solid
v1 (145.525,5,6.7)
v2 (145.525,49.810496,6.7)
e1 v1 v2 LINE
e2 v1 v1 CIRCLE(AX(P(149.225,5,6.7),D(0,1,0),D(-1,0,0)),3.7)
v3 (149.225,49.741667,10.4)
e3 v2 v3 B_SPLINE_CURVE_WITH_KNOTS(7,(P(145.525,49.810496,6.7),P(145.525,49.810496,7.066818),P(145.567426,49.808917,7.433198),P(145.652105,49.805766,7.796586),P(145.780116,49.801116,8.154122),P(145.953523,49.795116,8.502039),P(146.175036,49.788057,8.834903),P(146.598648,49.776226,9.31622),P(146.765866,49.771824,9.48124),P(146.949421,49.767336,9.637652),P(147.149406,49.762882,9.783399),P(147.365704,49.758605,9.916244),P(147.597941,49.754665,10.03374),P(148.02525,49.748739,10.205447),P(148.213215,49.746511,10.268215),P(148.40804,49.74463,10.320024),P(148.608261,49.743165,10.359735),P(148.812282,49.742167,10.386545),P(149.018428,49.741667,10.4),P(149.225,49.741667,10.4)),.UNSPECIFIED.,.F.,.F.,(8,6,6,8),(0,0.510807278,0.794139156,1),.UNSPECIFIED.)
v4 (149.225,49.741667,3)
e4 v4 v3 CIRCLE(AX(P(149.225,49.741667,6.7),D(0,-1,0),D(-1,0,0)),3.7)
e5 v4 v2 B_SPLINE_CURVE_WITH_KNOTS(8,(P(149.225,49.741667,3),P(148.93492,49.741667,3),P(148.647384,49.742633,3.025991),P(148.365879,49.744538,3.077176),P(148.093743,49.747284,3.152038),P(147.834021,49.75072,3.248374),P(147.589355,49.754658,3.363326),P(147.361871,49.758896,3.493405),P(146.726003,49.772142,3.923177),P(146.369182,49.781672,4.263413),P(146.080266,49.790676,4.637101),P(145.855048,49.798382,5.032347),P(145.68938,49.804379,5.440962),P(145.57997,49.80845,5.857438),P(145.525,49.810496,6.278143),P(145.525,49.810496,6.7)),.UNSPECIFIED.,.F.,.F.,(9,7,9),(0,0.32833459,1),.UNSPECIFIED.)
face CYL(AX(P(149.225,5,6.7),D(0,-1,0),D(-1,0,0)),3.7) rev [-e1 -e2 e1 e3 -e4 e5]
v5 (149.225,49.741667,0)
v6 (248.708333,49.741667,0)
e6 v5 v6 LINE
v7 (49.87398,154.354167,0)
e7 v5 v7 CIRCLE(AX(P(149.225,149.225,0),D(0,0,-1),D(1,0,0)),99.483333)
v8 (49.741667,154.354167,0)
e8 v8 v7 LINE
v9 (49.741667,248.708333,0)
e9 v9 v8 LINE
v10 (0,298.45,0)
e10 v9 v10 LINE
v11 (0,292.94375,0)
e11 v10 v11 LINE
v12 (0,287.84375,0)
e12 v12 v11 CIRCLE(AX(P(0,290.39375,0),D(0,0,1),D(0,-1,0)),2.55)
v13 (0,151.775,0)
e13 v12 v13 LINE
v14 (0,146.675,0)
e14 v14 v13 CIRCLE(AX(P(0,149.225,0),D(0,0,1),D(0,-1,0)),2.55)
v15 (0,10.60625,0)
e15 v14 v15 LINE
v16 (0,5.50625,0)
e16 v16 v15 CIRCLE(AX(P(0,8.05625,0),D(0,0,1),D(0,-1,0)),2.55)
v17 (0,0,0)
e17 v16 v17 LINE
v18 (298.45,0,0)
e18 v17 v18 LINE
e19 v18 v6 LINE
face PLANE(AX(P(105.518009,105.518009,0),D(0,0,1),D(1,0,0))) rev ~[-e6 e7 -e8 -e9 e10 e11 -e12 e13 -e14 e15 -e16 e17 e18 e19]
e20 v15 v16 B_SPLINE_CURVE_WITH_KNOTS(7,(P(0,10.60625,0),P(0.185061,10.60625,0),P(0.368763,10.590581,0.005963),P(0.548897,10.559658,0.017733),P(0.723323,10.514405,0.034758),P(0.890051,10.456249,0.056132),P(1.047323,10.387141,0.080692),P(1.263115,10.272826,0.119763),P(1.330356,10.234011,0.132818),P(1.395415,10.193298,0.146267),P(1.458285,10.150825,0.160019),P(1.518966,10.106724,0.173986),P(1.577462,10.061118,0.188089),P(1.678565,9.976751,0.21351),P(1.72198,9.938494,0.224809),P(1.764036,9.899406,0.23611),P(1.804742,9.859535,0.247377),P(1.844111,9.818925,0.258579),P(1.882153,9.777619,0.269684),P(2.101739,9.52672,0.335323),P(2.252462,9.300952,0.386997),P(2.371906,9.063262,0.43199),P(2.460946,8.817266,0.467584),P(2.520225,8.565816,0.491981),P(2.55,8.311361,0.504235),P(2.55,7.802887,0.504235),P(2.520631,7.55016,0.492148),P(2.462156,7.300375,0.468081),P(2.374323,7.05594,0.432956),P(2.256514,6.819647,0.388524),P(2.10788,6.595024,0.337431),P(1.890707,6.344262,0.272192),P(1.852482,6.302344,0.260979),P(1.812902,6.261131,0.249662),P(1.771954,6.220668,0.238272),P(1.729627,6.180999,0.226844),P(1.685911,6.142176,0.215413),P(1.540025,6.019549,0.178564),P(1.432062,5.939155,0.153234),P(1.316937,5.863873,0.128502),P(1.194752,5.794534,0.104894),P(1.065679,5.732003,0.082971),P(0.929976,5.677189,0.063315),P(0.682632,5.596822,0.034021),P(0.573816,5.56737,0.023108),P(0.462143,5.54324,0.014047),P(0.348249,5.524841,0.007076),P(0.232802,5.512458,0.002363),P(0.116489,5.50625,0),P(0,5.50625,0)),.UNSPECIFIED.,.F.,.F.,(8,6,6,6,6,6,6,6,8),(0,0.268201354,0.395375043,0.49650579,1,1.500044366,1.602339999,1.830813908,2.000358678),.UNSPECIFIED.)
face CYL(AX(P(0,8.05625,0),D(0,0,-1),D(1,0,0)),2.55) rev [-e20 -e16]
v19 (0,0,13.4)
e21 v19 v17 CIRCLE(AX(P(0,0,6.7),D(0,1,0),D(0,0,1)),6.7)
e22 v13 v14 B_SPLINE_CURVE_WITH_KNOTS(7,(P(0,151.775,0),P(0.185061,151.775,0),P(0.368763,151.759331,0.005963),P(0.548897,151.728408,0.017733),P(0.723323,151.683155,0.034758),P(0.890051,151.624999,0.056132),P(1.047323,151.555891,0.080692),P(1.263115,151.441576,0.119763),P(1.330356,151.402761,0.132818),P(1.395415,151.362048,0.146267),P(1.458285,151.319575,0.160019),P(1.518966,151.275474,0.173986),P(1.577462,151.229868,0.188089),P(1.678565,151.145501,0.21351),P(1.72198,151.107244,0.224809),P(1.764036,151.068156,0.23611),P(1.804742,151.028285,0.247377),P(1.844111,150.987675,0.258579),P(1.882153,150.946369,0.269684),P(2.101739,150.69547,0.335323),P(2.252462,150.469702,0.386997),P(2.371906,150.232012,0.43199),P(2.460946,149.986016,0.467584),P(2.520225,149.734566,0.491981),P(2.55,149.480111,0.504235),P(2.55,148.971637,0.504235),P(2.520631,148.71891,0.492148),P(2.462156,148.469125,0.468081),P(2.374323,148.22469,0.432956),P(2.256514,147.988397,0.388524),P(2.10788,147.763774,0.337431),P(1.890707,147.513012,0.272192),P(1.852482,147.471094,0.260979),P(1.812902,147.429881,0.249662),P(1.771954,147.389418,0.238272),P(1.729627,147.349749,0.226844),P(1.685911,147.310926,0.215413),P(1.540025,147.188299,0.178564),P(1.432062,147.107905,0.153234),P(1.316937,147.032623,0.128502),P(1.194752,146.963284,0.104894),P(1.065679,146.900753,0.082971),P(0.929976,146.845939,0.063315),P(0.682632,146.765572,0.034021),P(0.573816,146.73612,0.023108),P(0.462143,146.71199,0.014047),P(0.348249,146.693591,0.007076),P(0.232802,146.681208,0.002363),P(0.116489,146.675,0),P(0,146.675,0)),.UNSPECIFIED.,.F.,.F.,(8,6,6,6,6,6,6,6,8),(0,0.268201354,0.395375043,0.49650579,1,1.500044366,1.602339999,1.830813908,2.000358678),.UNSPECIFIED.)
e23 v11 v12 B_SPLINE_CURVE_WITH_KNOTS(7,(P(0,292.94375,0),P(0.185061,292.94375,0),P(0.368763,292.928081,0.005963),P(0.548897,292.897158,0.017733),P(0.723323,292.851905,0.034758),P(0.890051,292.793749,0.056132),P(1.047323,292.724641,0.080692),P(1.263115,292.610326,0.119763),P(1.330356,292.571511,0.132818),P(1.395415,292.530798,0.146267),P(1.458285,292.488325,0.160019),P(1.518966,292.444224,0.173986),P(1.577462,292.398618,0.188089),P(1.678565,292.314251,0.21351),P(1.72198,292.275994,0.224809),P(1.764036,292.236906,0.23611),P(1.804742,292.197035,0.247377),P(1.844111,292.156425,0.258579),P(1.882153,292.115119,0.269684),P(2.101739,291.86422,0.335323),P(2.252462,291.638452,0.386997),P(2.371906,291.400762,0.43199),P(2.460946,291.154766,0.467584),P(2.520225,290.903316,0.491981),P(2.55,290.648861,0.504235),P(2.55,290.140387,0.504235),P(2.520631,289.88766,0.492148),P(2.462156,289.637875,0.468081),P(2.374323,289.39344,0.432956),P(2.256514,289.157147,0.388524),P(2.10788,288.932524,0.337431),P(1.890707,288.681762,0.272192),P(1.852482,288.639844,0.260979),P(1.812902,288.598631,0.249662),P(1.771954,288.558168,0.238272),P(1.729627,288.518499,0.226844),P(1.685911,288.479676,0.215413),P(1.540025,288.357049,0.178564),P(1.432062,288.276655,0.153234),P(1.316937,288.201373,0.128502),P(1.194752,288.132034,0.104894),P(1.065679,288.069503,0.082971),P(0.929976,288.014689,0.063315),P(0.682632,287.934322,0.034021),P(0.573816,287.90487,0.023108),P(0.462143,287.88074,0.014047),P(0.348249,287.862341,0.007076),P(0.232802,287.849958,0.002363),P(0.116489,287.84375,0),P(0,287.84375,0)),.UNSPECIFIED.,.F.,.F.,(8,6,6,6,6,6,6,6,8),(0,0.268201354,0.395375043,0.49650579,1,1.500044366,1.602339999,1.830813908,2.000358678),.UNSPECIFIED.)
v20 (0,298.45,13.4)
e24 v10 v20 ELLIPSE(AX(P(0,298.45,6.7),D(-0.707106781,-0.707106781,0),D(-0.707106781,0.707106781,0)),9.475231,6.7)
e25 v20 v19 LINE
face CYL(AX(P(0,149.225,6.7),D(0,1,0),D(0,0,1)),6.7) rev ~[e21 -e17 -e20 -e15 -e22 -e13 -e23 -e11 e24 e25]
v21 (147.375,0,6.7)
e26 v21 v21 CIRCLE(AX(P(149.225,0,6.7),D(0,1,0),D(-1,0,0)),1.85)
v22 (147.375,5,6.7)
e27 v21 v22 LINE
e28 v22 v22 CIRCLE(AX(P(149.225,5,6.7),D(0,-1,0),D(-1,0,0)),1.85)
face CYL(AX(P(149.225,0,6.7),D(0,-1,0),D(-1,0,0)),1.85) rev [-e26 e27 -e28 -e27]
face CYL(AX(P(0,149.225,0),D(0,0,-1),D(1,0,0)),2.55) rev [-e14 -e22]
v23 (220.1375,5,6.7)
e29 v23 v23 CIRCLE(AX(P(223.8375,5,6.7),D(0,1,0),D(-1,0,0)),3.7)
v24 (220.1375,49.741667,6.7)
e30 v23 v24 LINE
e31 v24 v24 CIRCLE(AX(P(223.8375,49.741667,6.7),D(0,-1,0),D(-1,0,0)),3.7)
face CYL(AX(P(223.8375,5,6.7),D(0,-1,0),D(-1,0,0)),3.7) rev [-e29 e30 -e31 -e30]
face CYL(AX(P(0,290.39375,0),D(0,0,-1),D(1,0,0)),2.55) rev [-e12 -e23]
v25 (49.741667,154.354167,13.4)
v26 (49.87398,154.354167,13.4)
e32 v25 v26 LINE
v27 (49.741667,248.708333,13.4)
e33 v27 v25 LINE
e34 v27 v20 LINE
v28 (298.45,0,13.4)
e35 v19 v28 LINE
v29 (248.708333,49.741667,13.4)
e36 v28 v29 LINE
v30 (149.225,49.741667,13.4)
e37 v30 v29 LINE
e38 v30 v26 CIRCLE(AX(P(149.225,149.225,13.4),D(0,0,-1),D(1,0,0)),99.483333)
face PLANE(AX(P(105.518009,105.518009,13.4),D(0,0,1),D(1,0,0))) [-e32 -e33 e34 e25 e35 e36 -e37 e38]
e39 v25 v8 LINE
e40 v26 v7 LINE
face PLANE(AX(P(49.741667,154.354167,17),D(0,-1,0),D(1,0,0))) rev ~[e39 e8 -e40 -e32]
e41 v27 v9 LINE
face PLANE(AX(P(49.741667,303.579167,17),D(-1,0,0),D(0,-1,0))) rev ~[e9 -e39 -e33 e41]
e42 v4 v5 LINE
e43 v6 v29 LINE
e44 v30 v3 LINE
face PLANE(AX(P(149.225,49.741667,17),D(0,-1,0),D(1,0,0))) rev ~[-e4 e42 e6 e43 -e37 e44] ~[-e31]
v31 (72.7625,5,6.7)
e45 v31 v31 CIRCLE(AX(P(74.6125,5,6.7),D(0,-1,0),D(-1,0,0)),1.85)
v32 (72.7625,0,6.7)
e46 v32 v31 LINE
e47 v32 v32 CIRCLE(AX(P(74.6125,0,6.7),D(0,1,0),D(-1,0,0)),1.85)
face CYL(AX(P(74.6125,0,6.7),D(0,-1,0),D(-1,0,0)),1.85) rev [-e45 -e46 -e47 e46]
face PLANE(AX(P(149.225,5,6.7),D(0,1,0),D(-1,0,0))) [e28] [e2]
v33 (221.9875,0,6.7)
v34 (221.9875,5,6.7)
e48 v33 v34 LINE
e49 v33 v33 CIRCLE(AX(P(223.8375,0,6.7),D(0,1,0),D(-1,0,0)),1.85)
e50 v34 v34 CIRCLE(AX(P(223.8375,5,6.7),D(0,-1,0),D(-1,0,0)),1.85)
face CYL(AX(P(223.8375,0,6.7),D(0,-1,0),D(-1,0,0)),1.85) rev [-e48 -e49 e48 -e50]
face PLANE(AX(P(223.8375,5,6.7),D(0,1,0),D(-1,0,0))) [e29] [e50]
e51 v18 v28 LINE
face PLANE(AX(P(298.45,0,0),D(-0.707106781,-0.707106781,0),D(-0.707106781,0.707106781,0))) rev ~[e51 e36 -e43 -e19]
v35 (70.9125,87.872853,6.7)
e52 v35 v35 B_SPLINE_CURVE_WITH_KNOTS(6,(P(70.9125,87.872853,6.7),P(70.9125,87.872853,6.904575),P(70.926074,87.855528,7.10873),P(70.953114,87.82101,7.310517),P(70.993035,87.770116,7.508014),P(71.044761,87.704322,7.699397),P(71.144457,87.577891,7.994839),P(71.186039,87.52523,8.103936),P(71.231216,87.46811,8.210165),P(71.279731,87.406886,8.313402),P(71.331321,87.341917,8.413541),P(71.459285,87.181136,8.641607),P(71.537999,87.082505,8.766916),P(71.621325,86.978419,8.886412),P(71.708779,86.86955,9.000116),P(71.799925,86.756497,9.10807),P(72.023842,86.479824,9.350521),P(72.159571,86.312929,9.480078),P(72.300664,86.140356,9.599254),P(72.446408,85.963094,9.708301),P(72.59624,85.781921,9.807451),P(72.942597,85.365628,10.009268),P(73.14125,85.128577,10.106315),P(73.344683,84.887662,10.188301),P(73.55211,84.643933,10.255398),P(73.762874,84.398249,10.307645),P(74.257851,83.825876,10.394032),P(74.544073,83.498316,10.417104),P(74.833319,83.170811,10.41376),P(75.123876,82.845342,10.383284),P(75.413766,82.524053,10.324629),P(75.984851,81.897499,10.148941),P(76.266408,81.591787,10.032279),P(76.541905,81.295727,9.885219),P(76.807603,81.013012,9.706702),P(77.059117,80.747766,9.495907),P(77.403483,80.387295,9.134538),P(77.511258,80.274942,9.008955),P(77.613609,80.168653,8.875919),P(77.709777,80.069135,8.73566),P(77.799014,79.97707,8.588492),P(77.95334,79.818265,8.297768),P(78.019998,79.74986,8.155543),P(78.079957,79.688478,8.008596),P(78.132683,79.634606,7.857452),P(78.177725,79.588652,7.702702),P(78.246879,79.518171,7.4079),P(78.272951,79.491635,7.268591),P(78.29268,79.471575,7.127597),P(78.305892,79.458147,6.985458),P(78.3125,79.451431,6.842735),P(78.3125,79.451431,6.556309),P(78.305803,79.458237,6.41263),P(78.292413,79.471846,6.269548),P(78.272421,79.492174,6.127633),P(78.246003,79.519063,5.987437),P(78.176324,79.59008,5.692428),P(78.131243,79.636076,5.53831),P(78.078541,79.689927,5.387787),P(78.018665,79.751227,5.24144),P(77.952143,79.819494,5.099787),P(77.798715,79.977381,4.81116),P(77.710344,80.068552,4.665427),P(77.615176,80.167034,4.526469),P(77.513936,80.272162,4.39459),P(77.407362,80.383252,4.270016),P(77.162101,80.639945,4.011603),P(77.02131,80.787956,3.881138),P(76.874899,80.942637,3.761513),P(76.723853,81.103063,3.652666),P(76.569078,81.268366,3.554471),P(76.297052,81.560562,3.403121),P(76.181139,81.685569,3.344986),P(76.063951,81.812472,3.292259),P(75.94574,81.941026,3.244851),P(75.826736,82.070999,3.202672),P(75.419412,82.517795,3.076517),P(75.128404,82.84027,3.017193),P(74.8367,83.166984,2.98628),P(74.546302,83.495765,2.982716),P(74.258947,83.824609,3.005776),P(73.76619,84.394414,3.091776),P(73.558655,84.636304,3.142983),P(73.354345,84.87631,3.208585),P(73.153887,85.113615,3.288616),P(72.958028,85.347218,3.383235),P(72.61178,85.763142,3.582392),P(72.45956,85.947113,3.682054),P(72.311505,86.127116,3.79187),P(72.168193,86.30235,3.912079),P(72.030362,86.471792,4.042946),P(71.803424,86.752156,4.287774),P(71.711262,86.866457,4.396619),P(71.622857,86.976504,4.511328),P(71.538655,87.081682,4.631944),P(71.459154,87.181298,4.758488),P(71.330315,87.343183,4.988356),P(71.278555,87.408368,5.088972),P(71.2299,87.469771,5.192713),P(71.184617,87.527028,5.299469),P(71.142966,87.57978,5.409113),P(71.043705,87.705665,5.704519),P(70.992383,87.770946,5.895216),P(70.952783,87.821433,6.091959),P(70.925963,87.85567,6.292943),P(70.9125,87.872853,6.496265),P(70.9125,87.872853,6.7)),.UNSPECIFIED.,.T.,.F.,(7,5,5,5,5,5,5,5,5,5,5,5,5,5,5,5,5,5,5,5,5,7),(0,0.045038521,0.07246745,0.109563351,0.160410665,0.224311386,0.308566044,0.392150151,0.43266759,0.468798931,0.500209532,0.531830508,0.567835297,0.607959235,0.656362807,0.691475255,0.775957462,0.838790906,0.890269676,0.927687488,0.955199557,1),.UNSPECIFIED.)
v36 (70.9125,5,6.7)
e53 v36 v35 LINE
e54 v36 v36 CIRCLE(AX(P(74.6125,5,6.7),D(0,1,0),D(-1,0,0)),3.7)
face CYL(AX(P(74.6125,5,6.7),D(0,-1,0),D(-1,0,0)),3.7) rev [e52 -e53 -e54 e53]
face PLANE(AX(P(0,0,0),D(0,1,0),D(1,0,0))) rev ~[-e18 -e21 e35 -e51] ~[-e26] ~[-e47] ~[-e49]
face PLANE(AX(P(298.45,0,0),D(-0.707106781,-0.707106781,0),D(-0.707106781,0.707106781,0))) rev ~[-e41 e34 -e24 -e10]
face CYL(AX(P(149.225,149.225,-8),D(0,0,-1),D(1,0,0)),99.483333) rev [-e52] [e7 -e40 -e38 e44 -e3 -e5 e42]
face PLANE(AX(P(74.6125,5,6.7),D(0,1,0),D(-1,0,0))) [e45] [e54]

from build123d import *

# Parameters (mm, degrees)
PAD_DEPTH              = 13.4
CYLINDER_W             = 6.7
CYLINDER_H             = 298.45
CYLINDER_ANGLE         = 180
CYLINDER001_R          = 99.483333
CYLINDER001_DEPTH      = 32
BOX_W                  = 149.225
BOX_H                  = 30
BOX_DEPTH              = 21
BOX001_W               = 33
BOX001_H               = 149.225
BOX001_DEPTH           = 22
CYLINDER002_R          = 3.7
CYLINDER002_DEPTH      = 105
LINEARPATTERN_COUNT    = 3
LINEARPATTERN_PITCH    = 74.6125
CYLINDER003_R          = 1.85
CYLINDER003_DEPTH      = 100
LINEARPATTERN001_COUNT = 3
LINEARPATTERN001_PITCH = 74.6125
CYLINDER004_R          = 2.55
CYLINDER004_DEPTH      = 10
LINEARPATTERN002_COUNT = 3
LINEARPATTERN002_PITCH = 141.16875


with BuildPart() as part:
    # Sketch → Pad (new body)
    with BuildSketch(Plane.XY):
        Polygon((0, 0), (298.45, 0), (0, 298.45), align=None)
    extrude(amount=PAD_DEPTH)

    # Cylinder → Cylinder (revolve, cut)
    with BuildSketch(Plane(origin=(0, 0, 6.7), x_dir=(0, 0, 1), z_dir=(-1, 0, 0))):
        with Locations((3.35, 149.225)):
            Rectangle(CYLINDER_W, CYLINDER_H)
    revolve(axis=Axis((0, 0, 6.7), (0, 1, 0)), revolution_arc=CYLINDER_ANGLE, mode=Mode.SUBTRACT)

    # Cylinder001 → Cylinder001 (cut)
    with BuildSketch(Plane(origin=(149.225, 149.225, -8), x_dir=(1, 0, 0), z_dir=(0, 0, 1))):
        Circle(CYLINDER001_R)
    extrude(amount=CYLINDER001_DEPTH, mode=Mode.SUBTRACT)

    # Box → Box (cut)
    with BuildSketch(Plane(origin=(149.225, 79.741667, 17), x_dir=(1, 0, 0), z_dir=(0, 0, -1))):
        with Locations((74.6125, 15)):
            Rectangle(BOX_W, BOX_H)
    extrude(amount=BOX_DEPTH, mode=Mode.SUBTRACT)

    # Box001 → Box001 (cut)
    with BuildSketch(Plane(origin=(49.741667, 303.579167, 17), x_dir=(1, 0, 0), z_dir=(0, 0, -1))):
        with Locations((16.5, 74.6125)):
            Rectangle(BOX001_W, BOX001_H)
    extrude(amount=BOX001_DEPTH, mode=Mode.SUBTRACT)

    # Cylinder002 → Cylinder002 (cut)
    with BuildSketch(Plane(origin=(74.6125, 5, 6.7), x_dir=(-1, 0, 0), z_dir=(0, 1, 0))):
        Circle(CYLINDER002_R)
    cylinder002 = extrude(amount=CYLINDER002_DEPTH, mode=Mode.SUBTRACT)

    # LinearPattern: Cylinder002 ×3
    with Locations(*[(i * LINEARPATTERN_PITCH, 0, 0) for i in range(1, LINEARPATTERN_COUNT)]):
        add(cylinder002, mode=Mode.SUBTRACT)

    # Cylinder003 → Cylinder003 (cut)
    with BuildSketch(Plane(origin=(74.6125, 0, 6.7), x_dir=(-1, 0, 0), z_dir=(0, 1, 0))):
        Circle(CYLINDER003_R)
    cylinder003 = extrude(amount=CYLINDER003_DEPTH, mode=Mode.SUBTRACT)

    # LinearPattern001: Cylinder003 ×3
    with Locations(*[(i * LINEARPATTERN001_PITCH, 0, 0) for i in range(1, LINEARPATTERN001_COUNT)]):
        add(cylinder003, mode=Mode.SUBTRACT)

    # Cylinder004 → Cylinder004 (cut)
    with BuildSketch(Plane(origin=(0, 8.05625, 0), x_dir=(1, 0, 0), z_dir=(0, 0, 1))):
        Circle(CYLINDER004_R)
    cylinder004 = extrude(amount=CYLINDER004_DEPTH, mode=Mode.SUBTRACT)

    # LinearPattern002: Cylinder004 ×3
    with Locations(*[(0, i * LINEARPATTERN002_PITCH, 0) for i in range(1, LINEARPATTERN002_COUNT)]):
        add(cylinder004, mode=Mode.SUBTRACT)


solid = part.part
